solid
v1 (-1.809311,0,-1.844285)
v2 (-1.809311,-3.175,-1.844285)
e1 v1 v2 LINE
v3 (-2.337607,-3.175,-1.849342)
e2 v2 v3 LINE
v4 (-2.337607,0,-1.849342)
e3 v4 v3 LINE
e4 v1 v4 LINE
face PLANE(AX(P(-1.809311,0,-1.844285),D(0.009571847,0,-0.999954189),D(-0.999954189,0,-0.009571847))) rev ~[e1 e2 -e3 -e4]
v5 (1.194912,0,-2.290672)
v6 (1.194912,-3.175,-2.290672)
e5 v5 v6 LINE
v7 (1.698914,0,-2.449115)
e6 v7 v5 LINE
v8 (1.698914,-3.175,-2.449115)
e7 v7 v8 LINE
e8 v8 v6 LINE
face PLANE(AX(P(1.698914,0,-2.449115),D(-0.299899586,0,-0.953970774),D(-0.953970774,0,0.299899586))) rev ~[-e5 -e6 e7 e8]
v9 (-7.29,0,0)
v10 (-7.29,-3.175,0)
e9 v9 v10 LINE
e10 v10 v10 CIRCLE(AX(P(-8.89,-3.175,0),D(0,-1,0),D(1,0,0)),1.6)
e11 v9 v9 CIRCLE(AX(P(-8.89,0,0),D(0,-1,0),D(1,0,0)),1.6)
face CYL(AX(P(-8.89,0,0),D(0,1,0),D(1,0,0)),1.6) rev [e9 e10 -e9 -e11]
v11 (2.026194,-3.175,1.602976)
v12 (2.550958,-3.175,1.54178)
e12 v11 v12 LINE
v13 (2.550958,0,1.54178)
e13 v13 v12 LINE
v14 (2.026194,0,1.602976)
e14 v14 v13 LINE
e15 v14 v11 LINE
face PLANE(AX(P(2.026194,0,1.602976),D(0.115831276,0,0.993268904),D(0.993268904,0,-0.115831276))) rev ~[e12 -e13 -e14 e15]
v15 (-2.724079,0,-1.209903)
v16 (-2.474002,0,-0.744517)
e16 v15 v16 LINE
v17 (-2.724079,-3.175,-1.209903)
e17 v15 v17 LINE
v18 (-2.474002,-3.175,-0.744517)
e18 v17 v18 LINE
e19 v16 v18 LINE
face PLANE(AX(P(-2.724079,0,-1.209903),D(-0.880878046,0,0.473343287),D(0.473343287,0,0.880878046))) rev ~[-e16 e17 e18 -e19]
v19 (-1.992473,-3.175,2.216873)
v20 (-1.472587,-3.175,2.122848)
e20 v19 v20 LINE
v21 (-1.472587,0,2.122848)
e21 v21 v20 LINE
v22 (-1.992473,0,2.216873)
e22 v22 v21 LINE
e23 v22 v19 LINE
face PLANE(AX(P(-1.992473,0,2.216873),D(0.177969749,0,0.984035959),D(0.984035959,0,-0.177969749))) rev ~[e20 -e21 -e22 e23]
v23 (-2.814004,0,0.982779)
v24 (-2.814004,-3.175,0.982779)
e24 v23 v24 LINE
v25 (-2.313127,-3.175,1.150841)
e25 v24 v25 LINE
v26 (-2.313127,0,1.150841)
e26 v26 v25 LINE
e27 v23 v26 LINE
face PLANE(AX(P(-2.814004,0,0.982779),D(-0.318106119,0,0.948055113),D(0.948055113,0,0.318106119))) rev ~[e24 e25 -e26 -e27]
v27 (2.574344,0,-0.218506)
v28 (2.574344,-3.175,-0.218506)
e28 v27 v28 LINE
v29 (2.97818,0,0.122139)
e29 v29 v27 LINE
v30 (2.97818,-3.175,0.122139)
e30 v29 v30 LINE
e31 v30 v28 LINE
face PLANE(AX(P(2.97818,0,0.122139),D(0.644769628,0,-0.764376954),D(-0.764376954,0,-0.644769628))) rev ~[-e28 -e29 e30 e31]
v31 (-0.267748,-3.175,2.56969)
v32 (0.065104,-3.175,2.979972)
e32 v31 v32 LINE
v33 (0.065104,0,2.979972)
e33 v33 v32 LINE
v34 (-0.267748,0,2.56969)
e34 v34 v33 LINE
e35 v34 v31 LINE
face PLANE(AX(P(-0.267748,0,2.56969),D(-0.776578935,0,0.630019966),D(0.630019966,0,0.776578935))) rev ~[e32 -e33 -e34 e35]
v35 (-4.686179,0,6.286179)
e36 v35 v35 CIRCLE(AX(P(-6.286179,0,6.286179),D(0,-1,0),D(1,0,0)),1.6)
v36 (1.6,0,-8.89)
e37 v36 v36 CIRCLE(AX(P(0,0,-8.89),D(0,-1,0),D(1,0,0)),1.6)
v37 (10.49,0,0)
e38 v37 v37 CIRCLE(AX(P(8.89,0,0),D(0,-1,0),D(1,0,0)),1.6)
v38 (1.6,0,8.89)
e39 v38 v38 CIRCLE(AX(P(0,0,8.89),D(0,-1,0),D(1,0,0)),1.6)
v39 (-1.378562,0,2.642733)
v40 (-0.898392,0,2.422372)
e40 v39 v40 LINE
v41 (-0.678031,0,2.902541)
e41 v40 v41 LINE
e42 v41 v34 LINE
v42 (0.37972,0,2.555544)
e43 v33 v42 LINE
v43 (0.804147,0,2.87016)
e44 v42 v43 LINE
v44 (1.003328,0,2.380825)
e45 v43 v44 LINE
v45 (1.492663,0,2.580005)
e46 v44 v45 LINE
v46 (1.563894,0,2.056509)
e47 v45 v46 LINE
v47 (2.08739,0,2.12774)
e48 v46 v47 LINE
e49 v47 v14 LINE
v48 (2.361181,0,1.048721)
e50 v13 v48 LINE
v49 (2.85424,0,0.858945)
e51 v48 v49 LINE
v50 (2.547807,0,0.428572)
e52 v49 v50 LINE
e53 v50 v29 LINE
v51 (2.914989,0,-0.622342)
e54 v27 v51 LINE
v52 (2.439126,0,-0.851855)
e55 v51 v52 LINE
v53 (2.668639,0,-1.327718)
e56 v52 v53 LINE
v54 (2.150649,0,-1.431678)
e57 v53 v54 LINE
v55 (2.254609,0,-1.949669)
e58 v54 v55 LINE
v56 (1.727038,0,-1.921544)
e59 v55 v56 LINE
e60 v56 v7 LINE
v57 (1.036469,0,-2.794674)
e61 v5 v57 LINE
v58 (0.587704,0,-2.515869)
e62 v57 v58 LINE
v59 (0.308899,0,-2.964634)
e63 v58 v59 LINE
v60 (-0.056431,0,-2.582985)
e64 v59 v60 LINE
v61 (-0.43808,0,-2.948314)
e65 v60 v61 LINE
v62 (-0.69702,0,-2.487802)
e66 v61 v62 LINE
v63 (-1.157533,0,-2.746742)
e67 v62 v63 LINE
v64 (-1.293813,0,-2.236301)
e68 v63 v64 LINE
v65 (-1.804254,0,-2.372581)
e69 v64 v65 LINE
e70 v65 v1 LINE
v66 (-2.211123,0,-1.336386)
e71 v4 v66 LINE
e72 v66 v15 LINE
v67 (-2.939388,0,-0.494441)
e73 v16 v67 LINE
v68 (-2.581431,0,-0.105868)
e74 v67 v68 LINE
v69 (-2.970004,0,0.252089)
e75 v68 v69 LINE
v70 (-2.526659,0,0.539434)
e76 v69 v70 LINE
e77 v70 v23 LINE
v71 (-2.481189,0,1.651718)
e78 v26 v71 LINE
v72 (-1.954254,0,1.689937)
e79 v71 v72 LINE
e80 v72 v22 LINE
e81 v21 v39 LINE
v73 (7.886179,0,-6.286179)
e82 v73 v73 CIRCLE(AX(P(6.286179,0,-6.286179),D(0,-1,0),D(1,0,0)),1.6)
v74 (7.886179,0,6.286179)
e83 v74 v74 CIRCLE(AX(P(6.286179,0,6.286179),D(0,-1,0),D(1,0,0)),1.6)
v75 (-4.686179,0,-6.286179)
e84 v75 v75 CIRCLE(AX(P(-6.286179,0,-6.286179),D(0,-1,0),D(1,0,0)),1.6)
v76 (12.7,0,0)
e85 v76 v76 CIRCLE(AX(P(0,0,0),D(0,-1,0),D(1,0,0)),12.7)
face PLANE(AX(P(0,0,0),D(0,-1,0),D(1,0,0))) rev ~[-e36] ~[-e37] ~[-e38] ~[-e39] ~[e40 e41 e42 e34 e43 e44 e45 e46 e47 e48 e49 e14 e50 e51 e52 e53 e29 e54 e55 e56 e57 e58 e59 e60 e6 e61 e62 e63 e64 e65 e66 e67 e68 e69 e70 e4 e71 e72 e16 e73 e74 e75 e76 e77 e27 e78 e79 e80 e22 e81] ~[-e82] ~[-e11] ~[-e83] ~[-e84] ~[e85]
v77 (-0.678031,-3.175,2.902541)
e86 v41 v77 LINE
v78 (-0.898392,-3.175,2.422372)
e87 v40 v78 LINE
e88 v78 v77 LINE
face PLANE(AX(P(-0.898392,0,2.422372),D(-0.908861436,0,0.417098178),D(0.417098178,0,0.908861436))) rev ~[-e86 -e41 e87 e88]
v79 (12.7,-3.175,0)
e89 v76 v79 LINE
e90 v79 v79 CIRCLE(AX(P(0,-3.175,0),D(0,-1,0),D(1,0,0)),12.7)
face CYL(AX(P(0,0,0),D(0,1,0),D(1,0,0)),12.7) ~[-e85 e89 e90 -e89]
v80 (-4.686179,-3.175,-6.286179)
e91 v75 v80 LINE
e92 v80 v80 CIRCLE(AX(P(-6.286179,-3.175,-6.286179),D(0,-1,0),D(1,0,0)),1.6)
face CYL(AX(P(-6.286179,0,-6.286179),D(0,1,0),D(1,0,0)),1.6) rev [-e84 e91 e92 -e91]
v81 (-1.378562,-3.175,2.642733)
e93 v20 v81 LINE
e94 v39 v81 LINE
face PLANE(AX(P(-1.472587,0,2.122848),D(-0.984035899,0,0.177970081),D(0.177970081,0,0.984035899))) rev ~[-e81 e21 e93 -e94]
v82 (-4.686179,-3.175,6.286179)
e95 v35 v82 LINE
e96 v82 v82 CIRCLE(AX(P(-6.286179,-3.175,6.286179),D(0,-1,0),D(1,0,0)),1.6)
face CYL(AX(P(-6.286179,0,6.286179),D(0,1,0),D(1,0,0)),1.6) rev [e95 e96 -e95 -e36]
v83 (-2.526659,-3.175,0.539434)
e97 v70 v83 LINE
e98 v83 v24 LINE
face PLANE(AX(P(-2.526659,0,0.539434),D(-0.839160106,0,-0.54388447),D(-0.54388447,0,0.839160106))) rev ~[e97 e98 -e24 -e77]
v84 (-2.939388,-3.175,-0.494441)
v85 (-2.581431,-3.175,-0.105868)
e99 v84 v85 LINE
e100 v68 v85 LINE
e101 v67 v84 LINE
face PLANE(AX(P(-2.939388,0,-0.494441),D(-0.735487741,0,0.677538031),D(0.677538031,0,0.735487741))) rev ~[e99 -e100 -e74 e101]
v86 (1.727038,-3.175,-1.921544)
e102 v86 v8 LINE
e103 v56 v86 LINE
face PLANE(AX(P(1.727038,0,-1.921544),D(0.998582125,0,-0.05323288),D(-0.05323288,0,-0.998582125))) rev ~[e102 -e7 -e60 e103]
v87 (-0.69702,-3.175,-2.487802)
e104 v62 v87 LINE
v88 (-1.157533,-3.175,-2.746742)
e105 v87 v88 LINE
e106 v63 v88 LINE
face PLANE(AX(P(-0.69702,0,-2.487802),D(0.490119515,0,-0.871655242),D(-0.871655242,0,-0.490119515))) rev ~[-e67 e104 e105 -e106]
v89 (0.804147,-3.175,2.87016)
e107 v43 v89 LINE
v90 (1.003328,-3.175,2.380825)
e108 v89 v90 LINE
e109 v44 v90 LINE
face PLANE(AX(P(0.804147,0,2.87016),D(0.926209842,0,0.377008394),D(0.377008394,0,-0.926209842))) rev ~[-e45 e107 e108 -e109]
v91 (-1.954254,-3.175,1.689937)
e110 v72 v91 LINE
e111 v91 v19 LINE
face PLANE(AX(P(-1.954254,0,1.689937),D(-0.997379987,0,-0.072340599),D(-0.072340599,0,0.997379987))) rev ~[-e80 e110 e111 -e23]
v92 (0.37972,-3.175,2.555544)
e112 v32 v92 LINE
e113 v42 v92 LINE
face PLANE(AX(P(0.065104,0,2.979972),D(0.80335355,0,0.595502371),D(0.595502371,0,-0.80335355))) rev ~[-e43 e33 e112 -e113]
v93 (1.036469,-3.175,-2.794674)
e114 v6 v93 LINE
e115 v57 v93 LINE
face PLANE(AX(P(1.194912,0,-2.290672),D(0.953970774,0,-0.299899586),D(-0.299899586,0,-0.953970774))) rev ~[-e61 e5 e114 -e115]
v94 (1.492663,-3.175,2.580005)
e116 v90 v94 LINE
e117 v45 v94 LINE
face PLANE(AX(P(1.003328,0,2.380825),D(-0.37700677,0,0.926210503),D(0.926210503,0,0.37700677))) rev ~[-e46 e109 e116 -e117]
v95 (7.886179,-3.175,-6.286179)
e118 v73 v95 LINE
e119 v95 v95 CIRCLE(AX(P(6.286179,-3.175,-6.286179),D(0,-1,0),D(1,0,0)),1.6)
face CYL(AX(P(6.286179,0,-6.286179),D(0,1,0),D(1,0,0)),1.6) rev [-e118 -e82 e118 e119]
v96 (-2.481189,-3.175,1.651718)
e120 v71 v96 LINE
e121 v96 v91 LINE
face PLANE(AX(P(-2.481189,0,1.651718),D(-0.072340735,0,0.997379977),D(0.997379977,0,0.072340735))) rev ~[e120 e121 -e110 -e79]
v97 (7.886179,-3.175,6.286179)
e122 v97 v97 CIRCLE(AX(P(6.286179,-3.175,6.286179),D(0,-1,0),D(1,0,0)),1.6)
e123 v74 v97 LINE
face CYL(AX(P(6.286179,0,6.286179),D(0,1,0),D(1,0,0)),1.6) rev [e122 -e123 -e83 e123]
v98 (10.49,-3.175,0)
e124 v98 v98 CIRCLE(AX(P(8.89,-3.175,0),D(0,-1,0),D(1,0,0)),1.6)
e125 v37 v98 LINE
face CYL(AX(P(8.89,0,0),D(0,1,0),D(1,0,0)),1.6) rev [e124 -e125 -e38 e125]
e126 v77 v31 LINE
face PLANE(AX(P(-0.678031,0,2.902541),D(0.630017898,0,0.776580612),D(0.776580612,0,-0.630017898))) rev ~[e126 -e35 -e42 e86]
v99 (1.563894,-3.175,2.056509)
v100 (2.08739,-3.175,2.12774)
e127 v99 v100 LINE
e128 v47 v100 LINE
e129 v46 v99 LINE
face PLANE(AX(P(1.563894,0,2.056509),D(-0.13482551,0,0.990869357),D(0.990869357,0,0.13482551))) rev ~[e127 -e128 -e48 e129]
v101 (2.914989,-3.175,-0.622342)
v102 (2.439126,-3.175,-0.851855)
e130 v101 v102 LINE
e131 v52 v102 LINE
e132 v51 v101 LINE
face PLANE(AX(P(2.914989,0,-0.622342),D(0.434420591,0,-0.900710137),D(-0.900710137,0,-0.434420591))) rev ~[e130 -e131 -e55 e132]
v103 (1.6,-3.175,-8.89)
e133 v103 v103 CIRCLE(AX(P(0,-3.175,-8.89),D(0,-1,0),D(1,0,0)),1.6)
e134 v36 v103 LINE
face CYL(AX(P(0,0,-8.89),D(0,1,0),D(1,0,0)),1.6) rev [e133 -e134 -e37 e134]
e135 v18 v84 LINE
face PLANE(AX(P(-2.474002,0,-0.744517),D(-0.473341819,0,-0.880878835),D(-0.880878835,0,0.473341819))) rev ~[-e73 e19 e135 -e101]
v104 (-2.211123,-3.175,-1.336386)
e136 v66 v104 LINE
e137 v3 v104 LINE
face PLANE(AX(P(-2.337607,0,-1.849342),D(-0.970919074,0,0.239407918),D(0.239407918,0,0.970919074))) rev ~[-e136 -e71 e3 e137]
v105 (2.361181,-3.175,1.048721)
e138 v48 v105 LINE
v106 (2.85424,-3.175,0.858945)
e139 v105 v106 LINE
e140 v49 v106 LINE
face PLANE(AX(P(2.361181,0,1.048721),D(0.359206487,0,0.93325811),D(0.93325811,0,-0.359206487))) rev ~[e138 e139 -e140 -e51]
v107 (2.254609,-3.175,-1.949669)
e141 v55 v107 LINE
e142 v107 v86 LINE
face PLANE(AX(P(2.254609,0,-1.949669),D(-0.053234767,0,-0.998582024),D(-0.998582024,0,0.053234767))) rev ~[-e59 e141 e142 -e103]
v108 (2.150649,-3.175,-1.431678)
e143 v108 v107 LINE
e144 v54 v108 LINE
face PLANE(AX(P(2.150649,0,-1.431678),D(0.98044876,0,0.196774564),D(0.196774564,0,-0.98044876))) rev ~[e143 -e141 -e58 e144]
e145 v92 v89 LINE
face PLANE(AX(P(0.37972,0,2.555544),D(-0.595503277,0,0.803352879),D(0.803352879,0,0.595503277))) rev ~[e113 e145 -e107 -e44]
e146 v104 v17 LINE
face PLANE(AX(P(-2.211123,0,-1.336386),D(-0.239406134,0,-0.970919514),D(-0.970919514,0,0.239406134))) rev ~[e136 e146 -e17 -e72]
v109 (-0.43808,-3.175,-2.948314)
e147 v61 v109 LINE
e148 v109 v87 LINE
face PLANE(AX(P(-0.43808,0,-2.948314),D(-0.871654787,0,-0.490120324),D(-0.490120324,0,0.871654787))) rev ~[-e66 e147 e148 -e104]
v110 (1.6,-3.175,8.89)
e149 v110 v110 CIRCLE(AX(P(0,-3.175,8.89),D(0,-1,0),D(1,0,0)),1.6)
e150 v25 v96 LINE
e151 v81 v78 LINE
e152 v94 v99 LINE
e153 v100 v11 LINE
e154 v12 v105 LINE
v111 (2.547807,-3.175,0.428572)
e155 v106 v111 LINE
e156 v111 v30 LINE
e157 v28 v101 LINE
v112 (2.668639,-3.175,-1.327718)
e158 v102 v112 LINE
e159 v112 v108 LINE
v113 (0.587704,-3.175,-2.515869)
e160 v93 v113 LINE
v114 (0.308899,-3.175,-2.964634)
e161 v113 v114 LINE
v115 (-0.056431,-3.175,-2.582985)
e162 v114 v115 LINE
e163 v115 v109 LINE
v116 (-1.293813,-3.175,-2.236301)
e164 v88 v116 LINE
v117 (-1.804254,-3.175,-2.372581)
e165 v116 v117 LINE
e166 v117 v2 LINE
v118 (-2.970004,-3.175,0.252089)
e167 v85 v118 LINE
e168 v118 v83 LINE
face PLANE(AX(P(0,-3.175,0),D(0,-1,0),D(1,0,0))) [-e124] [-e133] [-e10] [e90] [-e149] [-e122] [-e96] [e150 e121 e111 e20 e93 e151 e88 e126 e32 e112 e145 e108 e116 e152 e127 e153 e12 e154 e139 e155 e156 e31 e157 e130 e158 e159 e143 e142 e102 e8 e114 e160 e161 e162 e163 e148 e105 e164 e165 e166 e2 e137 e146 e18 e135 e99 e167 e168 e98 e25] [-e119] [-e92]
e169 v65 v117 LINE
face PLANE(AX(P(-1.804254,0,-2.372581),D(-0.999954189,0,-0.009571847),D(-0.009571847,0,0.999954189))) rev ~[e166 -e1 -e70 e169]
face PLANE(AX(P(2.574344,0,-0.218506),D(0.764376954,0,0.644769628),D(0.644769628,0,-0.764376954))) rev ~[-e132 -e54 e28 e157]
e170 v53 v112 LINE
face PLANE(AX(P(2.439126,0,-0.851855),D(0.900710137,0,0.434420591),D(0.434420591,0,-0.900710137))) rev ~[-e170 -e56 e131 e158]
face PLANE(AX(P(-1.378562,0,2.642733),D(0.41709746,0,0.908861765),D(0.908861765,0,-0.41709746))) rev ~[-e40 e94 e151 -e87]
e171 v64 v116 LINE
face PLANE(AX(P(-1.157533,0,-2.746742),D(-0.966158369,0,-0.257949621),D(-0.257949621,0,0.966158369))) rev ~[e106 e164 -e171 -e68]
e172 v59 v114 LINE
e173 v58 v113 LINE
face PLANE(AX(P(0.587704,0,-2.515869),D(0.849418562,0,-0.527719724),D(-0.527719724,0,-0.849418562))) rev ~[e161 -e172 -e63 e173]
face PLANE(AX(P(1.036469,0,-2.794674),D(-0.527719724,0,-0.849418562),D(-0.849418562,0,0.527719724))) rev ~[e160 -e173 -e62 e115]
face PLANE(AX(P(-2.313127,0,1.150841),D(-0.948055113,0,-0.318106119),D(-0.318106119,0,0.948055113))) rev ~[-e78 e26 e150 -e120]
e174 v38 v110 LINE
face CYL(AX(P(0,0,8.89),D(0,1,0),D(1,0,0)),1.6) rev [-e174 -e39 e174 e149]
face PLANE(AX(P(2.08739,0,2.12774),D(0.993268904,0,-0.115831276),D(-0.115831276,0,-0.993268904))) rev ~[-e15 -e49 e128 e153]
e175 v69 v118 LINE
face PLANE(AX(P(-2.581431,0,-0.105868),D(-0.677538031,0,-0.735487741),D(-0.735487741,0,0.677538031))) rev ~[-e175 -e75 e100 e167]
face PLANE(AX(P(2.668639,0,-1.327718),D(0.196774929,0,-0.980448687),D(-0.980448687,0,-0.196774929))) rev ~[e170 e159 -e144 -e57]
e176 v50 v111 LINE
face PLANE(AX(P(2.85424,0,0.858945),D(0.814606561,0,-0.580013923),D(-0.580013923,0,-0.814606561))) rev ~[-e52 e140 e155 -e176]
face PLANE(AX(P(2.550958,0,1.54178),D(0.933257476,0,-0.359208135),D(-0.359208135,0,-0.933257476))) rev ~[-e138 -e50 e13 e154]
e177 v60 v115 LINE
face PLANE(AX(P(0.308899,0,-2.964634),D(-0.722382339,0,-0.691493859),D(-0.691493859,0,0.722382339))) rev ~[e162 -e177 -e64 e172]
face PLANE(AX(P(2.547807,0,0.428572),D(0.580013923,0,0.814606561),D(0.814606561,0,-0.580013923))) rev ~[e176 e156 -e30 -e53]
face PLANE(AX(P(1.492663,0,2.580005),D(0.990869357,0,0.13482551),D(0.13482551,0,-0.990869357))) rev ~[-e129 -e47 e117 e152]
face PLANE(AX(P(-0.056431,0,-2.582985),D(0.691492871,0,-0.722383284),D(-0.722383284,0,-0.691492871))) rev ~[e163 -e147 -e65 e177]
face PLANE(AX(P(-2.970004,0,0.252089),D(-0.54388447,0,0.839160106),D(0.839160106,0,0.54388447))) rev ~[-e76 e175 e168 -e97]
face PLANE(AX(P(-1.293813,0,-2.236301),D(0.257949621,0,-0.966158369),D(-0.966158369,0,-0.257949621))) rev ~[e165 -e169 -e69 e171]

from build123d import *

# Parameters (mm, degrees)
F0_R     = 12.7
F0_R_2   = 1.6
F1_DEPTH = 3.175


with BuildPart() as f1:
    # F0 (on Front) → F1 (new body)
    with BuildSketch(Plane.XZ):
        Circle(F0_R)
        with Locations((0, -8.89)):
            Circle(F0_R_2, mode=Mode.SUBTRACT)
        with Locations((-8.89, 0)):
            Circle(F0_R_2, mode=Mode.SUBTRACT)
        with Locations((-6.286179, -6.286179)):
            Circle(F0_R_2, mode=Mode.SUBTRACT)
        with Locations((6.286179, -6.286179)):
            Circle(F0_R_2, mode=Mode.SUBTRACT)
        with Locations((8.89, 0)):
            Circle(F0_R_2, mode=Mode.SUBTRACT)
        with Locations((-6.286179, 6.286179)):
            Circle(F0_R_2, mode=Mode.SUBTRACT)
        with Locations((0, 8.89)):
            Circle(F0_R_2, mode=Mode.SUBTRACT)
        Polygon((-2.313127, 1.150841), (-2.481189, 1.651718), (-1.954254, 1.689937), (-1.992473, 2.216873), (-1.472587, 2.122848), (-1.378562, 2.642733), (-0.898392, 2.422372), (-0.678031, 2.902541), (-0.267748, 2.56969), (0.065104, 2.979972), (0.37972, 2.555544), (0.804147, 2.87016), (1.003328, 2.380825), (1.492663, 2.580005), (1.563894, 2.056509), (2.08739, 2.12774), (2.026194, 1.602976), (2.550958, 1.54178), (2.361181, 1.048721), (2.85424, 0.858945), (2.547807, 0.428572), (2.97818, 0.122139), (2.574344, -0.218506), (2.914989, -0.622342), (2.439126, -0.851855), (2.668639, -1.327718), (2.150649, -1.431678), (2.254609, -1.949669), (1.727038, -1.921544), (1.698914, -2.449115), (1.194912, -2.290672), (1.036469, -2.794674), (0.587704, -2.515869), (0.308899, -2.964634), (-0.056431, -2.582985), (-0.43808, -2.948314), (-0.69702, -2.487802), (-1.157533, -2.746742), (-1.293813, -2.236301), (-1.804254, -2.372581), (-1.809311, -1.844285), (-2.337607, -1.849342), (-2.211123, -1.336386), (-2.724079, -1.209903), (-2.474002, -0.744517), (-2.939388, -0.494441), (-2.581431, -0.105868), (-2.970004, 0.252089), (-2.526659, 0.539434), (-2.814004, 0.982779), align=None, mode=Mode.SUBTRACT)
        with Locations((6.286179, 6.286179)):
            Circle(F0_R_2, mode=Mode.SUBTRACT)
    extrude(amount=F1_DEPTH)


solid = f1.part
